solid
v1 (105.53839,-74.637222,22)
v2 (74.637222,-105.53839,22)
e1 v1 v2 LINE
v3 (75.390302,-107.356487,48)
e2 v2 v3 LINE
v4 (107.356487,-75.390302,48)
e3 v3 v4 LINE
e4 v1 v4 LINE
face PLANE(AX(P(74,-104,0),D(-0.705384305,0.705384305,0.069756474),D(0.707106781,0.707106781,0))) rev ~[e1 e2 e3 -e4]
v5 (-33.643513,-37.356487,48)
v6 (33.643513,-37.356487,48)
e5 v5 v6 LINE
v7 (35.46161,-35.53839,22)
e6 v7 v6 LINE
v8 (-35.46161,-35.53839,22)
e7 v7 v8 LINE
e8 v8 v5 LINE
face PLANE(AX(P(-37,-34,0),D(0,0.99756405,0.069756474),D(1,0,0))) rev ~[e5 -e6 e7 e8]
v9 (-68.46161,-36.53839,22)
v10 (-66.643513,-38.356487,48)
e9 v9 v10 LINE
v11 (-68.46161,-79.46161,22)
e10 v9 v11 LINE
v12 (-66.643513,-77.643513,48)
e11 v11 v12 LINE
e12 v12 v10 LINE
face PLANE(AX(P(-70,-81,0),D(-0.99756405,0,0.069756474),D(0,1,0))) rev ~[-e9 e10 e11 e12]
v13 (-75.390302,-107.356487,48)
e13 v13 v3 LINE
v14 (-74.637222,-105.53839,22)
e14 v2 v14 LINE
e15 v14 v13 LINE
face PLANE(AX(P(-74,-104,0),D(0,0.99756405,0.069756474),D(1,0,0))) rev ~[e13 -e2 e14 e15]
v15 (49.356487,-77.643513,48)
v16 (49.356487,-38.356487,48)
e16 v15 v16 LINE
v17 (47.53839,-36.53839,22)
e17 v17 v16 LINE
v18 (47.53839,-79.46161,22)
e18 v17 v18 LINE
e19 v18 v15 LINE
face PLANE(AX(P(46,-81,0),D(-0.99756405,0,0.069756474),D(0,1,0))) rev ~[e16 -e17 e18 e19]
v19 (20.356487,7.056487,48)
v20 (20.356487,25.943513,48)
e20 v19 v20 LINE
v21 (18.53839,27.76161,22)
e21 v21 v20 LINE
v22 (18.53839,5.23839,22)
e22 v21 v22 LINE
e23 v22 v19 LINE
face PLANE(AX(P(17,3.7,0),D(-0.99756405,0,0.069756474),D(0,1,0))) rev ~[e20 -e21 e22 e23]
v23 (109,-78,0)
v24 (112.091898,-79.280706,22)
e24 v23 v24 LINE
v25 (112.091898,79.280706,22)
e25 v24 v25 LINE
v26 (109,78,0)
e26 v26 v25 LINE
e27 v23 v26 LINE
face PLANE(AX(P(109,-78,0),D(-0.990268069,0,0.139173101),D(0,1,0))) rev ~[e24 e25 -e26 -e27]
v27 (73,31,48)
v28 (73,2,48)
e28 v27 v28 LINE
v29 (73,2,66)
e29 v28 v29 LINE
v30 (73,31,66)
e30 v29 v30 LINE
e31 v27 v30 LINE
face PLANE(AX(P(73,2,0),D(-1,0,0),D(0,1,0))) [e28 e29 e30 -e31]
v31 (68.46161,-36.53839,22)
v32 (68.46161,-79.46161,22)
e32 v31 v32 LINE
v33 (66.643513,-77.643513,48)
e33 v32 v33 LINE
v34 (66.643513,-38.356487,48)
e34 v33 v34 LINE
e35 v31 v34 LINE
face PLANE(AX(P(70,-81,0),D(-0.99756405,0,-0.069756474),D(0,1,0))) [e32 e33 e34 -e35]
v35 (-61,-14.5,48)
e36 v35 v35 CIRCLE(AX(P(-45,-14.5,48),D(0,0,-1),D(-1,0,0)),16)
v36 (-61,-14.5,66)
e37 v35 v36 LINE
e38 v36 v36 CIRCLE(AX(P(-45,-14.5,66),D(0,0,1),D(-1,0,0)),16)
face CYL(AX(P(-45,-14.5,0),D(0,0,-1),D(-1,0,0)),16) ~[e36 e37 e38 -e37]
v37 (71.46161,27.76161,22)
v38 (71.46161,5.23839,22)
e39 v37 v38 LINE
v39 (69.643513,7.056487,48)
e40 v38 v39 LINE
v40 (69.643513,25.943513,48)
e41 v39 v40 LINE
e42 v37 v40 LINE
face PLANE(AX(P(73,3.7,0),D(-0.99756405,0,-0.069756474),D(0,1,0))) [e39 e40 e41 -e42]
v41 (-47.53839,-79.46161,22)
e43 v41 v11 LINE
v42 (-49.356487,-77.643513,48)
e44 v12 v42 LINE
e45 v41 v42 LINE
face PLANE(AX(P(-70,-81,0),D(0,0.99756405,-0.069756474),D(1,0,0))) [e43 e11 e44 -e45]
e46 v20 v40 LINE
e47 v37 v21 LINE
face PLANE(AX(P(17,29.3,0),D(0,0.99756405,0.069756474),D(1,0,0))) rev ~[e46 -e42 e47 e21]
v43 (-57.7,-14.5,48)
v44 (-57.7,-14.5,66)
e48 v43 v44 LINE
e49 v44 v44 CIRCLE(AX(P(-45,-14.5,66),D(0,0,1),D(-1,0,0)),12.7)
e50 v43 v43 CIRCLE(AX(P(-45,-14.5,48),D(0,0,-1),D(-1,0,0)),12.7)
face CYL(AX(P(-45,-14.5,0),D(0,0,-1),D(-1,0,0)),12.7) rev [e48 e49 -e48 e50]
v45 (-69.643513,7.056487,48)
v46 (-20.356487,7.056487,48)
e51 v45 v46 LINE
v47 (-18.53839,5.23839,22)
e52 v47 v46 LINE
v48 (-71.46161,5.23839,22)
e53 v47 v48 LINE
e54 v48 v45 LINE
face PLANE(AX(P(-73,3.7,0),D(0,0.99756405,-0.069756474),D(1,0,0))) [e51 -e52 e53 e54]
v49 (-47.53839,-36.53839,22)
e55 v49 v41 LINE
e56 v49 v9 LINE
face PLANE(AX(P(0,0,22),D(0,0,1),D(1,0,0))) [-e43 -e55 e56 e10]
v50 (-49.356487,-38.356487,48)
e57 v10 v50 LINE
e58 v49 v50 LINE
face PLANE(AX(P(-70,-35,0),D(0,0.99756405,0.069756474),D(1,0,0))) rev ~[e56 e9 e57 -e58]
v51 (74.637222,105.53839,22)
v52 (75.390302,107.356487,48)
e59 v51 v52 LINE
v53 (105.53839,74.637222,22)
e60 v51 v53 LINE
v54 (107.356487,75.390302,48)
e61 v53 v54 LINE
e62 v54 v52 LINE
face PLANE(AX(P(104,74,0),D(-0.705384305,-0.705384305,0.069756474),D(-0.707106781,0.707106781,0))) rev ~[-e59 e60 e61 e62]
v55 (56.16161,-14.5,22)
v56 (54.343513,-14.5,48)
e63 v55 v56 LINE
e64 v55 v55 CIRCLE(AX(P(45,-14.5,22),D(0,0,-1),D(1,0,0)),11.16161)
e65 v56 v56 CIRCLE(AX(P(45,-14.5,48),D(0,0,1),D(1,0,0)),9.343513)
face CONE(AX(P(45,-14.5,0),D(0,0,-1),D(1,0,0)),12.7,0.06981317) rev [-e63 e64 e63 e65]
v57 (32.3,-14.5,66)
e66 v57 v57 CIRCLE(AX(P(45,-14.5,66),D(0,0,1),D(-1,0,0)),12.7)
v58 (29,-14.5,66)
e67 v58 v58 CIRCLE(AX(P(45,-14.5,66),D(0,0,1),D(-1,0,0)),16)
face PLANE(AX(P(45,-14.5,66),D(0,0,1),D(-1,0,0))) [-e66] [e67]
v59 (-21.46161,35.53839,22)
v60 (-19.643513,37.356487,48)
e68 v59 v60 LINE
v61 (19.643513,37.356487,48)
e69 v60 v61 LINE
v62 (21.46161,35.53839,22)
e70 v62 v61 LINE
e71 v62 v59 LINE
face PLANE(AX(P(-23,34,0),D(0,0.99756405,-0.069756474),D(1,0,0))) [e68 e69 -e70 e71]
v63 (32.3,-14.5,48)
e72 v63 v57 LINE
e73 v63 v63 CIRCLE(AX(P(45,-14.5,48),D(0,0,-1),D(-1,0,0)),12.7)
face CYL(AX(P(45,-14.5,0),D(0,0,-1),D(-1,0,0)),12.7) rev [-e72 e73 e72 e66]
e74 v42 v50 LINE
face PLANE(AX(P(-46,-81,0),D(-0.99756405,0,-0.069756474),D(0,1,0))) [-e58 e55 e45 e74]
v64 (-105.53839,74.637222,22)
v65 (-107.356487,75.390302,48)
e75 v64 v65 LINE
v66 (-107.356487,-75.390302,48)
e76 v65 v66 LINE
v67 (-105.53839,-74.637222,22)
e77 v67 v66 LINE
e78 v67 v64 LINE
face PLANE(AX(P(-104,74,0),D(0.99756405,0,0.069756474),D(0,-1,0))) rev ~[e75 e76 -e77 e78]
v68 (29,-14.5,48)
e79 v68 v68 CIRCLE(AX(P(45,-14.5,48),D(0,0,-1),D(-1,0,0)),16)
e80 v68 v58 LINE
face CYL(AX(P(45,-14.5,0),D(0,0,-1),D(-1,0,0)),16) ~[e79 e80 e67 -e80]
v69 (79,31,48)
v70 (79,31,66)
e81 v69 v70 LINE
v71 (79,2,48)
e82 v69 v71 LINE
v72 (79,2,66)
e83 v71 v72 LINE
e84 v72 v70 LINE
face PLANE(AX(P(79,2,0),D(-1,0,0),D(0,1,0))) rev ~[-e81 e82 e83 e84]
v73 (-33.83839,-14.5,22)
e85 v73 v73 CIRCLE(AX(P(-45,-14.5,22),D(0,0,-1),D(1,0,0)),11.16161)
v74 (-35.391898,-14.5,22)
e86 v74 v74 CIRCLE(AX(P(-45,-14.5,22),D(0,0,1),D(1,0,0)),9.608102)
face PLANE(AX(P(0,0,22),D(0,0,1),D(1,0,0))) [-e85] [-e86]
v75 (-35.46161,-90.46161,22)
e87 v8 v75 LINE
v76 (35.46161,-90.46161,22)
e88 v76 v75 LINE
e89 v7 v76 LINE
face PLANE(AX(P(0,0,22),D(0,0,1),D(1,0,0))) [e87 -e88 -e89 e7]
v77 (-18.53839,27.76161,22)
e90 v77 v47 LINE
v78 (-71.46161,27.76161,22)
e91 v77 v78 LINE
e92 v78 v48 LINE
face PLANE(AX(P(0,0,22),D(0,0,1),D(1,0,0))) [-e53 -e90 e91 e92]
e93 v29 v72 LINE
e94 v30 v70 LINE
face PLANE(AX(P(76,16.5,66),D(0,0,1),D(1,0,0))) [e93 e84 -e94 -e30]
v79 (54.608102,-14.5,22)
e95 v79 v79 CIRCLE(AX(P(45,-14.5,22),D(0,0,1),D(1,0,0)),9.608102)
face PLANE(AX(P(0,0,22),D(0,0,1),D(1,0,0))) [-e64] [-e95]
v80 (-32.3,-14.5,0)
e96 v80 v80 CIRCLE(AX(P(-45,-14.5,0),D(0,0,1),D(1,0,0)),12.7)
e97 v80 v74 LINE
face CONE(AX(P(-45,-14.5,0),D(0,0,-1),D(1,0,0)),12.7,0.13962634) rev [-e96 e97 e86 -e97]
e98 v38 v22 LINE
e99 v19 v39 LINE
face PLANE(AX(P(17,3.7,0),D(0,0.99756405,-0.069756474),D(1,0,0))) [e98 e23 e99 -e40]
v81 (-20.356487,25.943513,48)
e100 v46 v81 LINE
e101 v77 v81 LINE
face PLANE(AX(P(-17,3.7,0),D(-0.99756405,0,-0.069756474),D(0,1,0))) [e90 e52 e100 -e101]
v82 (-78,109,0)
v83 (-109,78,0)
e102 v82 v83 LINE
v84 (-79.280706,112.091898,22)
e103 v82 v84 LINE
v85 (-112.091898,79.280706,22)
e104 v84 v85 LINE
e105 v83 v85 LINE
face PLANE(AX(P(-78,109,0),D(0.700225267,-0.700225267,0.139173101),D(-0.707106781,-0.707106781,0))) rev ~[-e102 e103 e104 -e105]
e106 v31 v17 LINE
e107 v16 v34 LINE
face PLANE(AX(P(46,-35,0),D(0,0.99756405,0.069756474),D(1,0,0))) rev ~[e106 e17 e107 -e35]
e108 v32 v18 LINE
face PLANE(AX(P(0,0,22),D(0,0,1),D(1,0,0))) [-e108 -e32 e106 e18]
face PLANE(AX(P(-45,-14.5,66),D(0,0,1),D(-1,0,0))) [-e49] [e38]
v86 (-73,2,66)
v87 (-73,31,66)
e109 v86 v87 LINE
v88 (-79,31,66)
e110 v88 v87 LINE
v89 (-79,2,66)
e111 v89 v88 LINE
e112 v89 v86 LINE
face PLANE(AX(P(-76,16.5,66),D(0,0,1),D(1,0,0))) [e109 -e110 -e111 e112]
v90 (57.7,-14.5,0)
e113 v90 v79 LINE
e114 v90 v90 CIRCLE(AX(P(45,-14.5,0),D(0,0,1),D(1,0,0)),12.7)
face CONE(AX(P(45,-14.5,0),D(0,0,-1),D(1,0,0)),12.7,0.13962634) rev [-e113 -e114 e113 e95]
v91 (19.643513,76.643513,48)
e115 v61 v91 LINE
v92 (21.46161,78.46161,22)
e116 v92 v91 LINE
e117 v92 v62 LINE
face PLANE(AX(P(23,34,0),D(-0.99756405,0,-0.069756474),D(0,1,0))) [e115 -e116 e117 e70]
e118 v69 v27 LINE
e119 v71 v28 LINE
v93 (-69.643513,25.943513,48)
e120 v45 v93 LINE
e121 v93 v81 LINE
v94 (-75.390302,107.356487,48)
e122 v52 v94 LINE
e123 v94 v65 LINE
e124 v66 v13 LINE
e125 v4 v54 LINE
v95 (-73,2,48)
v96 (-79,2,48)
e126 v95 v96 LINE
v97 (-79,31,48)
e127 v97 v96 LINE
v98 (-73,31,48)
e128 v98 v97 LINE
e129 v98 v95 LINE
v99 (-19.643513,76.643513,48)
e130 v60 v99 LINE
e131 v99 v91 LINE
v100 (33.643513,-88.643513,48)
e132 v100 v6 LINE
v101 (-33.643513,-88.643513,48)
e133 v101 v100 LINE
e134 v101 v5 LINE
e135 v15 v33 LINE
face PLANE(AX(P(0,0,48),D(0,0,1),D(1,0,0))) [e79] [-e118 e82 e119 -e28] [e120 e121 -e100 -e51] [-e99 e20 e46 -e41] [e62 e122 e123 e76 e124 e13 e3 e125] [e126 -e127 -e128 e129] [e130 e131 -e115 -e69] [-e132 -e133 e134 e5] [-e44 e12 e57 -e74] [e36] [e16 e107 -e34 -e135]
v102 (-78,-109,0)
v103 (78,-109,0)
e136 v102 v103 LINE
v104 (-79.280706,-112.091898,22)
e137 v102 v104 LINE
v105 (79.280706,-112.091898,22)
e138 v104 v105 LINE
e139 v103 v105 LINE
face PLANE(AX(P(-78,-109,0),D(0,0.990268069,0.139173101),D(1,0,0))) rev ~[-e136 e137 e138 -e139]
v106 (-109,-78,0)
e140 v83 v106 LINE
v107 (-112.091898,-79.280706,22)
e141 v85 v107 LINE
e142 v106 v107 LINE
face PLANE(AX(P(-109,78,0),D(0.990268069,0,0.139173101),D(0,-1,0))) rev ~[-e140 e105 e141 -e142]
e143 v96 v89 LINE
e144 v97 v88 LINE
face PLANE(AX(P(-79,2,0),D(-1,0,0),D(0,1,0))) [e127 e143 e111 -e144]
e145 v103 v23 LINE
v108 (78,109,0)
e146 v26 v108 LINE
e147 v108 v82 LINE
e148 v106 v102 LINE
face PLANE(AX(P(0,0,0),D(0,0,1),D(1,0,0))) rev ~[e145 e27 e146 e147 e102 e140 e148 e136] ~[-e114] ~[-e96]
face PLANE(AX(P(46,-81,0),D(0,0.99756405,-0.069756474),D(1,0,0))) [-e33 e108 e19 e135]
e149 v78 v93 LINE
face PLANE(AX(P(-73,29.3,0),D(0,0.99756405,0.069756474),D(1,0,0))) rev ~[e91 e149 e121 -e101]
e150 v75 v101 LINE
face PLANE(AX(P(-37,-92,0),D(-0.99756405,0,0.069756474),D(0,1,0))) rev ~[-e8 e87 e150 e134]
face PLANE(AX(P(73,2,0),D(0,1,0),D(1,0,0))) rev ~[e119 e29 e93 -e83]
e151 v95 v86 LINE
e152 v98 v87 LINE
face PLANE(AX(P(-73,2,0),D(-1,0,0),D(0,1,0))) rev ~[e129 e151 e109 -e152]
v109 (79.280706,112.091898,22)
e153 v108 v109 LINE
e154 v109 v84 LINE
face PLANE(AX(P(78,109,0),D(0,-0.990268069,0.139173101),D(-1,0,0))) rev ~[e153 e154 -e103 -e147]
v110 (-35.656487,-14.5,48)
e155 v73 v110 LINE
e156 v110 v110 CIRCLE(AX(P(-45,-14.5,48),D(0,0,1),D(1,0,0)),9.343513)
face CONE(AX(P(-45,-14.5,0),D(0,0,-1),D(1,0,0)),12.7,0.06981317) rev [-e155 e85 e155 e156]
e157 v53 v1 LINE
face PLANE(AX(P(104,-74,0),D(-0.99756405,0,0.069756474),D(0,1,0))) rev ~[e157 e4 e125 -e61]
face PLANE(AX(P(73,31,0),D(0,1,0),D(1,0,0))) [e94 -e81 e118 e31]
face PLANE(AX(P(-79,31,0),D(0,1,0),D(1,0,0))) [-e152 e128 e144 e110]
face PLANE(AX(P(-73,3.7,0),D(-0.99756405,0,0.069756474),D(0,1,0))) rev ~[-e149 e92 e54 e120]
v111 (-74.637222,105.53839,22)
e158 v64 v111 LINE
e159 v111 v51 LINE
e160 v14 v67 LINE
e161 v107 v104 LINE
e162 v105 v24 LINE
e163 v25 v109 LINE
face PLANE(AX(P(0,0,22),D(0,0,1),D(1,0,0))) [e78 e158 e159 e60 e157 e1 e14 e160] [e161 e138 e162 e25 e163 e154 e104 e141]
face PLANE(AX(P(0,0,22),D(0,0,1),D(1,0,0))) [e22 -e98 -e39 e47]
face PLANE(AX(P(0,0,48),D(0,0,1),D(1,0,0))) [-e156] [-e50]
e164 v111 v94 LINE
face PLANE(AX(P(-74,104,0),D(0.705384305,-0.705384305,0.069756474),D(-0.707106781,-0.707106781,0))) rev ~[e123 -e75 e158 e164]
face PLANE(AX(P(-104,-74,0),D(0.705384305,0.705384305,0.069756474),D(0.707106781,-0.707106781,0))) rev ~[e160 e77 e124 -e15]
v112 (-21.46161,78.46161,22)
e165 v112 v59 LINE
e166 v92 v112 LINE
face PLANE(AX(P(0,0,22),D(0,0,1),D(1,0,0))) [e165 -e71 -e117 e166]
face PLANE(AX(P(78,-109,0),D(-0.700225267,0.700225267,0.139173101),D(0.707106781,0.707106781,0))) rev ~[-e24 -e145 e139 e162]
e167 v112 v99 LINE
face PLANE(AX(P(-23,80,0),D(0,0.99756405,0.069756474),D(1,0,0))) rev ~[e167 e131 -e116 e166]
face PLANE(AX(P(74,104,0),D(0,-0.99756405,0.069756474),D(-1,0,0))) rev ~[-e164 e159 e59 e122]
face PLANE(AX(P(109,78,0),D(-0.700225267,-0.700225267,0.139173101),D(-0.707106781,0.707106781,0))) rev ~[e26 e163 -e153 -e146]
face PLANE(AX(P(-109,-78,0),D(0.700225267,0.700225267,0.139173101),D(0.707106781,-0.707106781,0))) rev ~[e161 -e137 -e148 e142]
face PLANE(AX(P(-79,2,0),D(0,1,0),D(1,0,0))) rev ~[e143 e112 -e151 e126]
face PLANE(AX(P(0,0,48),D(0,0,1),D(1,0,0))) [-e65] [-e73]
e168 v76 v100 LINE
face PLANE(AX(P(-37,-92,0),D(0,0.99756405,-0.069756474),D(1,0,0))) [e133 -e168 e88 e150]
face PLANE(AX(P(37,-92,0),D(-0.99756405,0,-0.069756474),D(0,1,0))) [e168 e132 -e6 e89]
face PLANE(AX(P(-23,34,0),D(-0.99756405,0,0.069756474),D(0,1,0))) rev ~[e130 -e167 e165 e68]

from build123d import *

# Parameters (mm, degrees)
SKETCH1_R           = 12.7
SKETCH1_W           = 98
SKETCH1_H           = 16
BOSS_EXTRUDE1_DEPTH = 22
BOSS_EXTRUDE1_DRAFT = -8
SKETCH2_R           = 12.7
SKETCH2_W           = 56
SKETCH2_H           = 25.6
SKETCH2_W_2         = 46
SKETCH2_H_2         = 46
SKETCH2_W_3         = 74
SKETCH2_H_3         = 58
SKETCH2_W_4         = 24
BOSS_EXTRUDE2_DEPTH = 48
BOSS_EXTRUDE2_DRAFT = -4
SKETCH3_R           = 16
SKETCH3_R_2         = 12.7
SKETCH3_W           = 6
SKETCH3_H           = 29
BOSS_EXTRUDE3_DEPTH = 66


with BuildPart() as part:
    # Sketch1 → Boss-Extrude1 (with draft: the straight prism first)
    with BuildSketch(Plane.XY):
        Polygon((-78, 109), (-109, 78), (-109, -78), (-78, -109), (78, -109), (109, -78), (109, 78), (78, 109), align=None)
        with Locations((-45, -14.5)):
            Circle(SKETCH1_R, mode=Mode.SUBTRACT)
        with Locations((45, -14.5)):
            Circle(SKETCH1_R, mode=Mode.SUBTRACT)
        with Locations((0, 94)):
            Rectangle(SKETCH1_W, SKETCH1_H, mode=Mode.SUBTRACT)
    extrude(amount=BOSS_EXTRUDE1_DEPTH)
    # Boss-Extrude1: the draft: its side faces are tilted about the plane it starts from
    boss_extrude1_sides = [part.faces().sort_by_distance(p)[0] for p in [
        (-93.5, 93.5, 11),
        (-109, 0, 11),
        (-93.5, -93.5, 11),
        (0, -109, 11),
        (93.5, -93.5, 11),
        (109, 0, 11),
        (93.5, 93.5, 11),
        (0, 109, 11),
        (-57.7, -14.5, 11),
        (32.3, -14.5, 11),
        (-49, 94, 11),
        (0, 102, 11),
        (49, 94, 11),
        (0, 86, 11),
    ]]
    draft(boss_extrude1_sides, Plane.XY, BOSS_EXTRUDE1_DRAFT)


with BuildPart() as boss_extrude2_tool:
    # Sketch2 → Boss-Extrude2 (with draft: the straight prism first)
    with BuildSketch(Plane.XY):
        Polygon((-74, 104), (-104, 74), (-104, -74), (-74, -104), (74, -104), (104, -74), (104, 74), (74, 104), align=None)
        with Locations((-45, -14.5)):
            Circle(SKETCH2_R, mode=Mode.SUBTRACT)
        with Locations((45, -14.5)):
            Circle(SKETCH2_R, mode=Mode.SUBTRACT)
        with Locations((-45, 16.5)):
            Rectangle(SKETCH2_W, SKETCH2_H, mode=Mode.SUBTRACT)
        with Locations((45, 16.5)):
            Rectangle(SKETCH2_W, SKETCH2_H, mode=Mode.SUBTRACT)
        with Locations((0, 57)):
            Rectangle(SKETCH2_W_2, SKETCH2_H_2, mode=Mode.SUBTRACT)
        with Locations((0, -63)):
            Rectangle(SKETCH2_W_3, SKETCH2_H_3, mode=Mode.SUBTRACT)
        with Locations((-58, -58)):
            Rectangle(SKETCH2_W_4, SKETCH2_H_2, mode=Mode.SUBTRACT)
        with Locations((58, -58)):
            Rectangle(SKETCH2_W_4, SKETCH2_H_2, mode=Mode.SUBTRACT)
    extrude(amount=BOSS_EXTRUDE2_DEPTH)
    # Boss-Extrude2: the draft: its side faces are tilted about the plane it starts from
    boss_extrude2_sides = [boss_extrude2_tool.faces().sort_by_distance(p)[0] for p in [
        (-89, 89, 24),
        (-104, 0, 24),
        (-89, -89, 24),
        (0, -104, 24),
        (89, -89, 24),
        (104, 0, 24),
        (89, 89, 24),
        (0, 104, 24),
        (-57.7, -14.5, 24),
        (32.3, -14.5, 24),
        (-73, 16.5, 24),
        (-45, 29.3, 24),
        (-17, 16.5, 24),
        (-45, 3.7, 24),
        (17, 16.5, 24),
        (45, 29.3, 24),
        (73, 16.5, 24),
        (45, 3.7, 24),
        (-23, 57, 24),
        (0, 80, 24),
        (23, 57, 24),
        (0, 34, 24),
        (-37, -63, 24),
        (0, -34, 24),
        (37, -63, 24),
        (0, -92, 24),
        (-70, -58, 24),
        (-58, -35, 24),
        (-46, -58, 24),
        (-58, -81, 24),
        (46, -58, 24),
        (58, -35, 24),
        (70, -58, 24),
        (58, -81, 24),
    ]]
    draft(boss_extrude2_sides, Plane.XY, BOSS_EXTRUDE2_DRAFT)


with BuildPart() as part_1:
    add(part.part)

    # Boss-Extrude2: add boss_extrude2_tool
    add(boss_extrude2_tool.part)

    # Sketch3 → Boss-Extrude3 (add)
    # profile 1 of 4: a face of its own
    with BuildSketch(Plane.XY):
        with Locations(Location((-45, -14.5, 0), (0, 0, 180))):
            Circle(SKETCH3_R)
        with Locations(Location((-45, -14.5, 0), (0, 0, 180))):
            Circle(SKETCH3_R_2, mode=Mode.SUBTRACT)
    # profile 2 of 4: a face of its own
    with BuildSketch(Plane.XY):
        with Locations(Location((45, -14.5, 0), (0, 0, 180))):
            Circle(SKETCH3_R)
        with Locations(Location((45, -14.5, 0), (0, 0, 180))):
            Circle(SKETCH3_R_2, mode=Mode.SUBTRACT)
    # profile 3 of 4: a face of its own
    with BuildSketch(Plane.XY):
        with Locations((-76, 16.5)):
            Rectangle(SKETCH3_W, SKETCH3_H)
    # profile 4 of 4: a face of its own
    with BuildSketch(Plane.XY):
        with Locations((76, 16.5)):
            Rectangle(SKETCH3_W, SKETCH3_H)
    extrude(amount=BOSS_EXTRUDE3_DEPTH)


solid = part_1.part
